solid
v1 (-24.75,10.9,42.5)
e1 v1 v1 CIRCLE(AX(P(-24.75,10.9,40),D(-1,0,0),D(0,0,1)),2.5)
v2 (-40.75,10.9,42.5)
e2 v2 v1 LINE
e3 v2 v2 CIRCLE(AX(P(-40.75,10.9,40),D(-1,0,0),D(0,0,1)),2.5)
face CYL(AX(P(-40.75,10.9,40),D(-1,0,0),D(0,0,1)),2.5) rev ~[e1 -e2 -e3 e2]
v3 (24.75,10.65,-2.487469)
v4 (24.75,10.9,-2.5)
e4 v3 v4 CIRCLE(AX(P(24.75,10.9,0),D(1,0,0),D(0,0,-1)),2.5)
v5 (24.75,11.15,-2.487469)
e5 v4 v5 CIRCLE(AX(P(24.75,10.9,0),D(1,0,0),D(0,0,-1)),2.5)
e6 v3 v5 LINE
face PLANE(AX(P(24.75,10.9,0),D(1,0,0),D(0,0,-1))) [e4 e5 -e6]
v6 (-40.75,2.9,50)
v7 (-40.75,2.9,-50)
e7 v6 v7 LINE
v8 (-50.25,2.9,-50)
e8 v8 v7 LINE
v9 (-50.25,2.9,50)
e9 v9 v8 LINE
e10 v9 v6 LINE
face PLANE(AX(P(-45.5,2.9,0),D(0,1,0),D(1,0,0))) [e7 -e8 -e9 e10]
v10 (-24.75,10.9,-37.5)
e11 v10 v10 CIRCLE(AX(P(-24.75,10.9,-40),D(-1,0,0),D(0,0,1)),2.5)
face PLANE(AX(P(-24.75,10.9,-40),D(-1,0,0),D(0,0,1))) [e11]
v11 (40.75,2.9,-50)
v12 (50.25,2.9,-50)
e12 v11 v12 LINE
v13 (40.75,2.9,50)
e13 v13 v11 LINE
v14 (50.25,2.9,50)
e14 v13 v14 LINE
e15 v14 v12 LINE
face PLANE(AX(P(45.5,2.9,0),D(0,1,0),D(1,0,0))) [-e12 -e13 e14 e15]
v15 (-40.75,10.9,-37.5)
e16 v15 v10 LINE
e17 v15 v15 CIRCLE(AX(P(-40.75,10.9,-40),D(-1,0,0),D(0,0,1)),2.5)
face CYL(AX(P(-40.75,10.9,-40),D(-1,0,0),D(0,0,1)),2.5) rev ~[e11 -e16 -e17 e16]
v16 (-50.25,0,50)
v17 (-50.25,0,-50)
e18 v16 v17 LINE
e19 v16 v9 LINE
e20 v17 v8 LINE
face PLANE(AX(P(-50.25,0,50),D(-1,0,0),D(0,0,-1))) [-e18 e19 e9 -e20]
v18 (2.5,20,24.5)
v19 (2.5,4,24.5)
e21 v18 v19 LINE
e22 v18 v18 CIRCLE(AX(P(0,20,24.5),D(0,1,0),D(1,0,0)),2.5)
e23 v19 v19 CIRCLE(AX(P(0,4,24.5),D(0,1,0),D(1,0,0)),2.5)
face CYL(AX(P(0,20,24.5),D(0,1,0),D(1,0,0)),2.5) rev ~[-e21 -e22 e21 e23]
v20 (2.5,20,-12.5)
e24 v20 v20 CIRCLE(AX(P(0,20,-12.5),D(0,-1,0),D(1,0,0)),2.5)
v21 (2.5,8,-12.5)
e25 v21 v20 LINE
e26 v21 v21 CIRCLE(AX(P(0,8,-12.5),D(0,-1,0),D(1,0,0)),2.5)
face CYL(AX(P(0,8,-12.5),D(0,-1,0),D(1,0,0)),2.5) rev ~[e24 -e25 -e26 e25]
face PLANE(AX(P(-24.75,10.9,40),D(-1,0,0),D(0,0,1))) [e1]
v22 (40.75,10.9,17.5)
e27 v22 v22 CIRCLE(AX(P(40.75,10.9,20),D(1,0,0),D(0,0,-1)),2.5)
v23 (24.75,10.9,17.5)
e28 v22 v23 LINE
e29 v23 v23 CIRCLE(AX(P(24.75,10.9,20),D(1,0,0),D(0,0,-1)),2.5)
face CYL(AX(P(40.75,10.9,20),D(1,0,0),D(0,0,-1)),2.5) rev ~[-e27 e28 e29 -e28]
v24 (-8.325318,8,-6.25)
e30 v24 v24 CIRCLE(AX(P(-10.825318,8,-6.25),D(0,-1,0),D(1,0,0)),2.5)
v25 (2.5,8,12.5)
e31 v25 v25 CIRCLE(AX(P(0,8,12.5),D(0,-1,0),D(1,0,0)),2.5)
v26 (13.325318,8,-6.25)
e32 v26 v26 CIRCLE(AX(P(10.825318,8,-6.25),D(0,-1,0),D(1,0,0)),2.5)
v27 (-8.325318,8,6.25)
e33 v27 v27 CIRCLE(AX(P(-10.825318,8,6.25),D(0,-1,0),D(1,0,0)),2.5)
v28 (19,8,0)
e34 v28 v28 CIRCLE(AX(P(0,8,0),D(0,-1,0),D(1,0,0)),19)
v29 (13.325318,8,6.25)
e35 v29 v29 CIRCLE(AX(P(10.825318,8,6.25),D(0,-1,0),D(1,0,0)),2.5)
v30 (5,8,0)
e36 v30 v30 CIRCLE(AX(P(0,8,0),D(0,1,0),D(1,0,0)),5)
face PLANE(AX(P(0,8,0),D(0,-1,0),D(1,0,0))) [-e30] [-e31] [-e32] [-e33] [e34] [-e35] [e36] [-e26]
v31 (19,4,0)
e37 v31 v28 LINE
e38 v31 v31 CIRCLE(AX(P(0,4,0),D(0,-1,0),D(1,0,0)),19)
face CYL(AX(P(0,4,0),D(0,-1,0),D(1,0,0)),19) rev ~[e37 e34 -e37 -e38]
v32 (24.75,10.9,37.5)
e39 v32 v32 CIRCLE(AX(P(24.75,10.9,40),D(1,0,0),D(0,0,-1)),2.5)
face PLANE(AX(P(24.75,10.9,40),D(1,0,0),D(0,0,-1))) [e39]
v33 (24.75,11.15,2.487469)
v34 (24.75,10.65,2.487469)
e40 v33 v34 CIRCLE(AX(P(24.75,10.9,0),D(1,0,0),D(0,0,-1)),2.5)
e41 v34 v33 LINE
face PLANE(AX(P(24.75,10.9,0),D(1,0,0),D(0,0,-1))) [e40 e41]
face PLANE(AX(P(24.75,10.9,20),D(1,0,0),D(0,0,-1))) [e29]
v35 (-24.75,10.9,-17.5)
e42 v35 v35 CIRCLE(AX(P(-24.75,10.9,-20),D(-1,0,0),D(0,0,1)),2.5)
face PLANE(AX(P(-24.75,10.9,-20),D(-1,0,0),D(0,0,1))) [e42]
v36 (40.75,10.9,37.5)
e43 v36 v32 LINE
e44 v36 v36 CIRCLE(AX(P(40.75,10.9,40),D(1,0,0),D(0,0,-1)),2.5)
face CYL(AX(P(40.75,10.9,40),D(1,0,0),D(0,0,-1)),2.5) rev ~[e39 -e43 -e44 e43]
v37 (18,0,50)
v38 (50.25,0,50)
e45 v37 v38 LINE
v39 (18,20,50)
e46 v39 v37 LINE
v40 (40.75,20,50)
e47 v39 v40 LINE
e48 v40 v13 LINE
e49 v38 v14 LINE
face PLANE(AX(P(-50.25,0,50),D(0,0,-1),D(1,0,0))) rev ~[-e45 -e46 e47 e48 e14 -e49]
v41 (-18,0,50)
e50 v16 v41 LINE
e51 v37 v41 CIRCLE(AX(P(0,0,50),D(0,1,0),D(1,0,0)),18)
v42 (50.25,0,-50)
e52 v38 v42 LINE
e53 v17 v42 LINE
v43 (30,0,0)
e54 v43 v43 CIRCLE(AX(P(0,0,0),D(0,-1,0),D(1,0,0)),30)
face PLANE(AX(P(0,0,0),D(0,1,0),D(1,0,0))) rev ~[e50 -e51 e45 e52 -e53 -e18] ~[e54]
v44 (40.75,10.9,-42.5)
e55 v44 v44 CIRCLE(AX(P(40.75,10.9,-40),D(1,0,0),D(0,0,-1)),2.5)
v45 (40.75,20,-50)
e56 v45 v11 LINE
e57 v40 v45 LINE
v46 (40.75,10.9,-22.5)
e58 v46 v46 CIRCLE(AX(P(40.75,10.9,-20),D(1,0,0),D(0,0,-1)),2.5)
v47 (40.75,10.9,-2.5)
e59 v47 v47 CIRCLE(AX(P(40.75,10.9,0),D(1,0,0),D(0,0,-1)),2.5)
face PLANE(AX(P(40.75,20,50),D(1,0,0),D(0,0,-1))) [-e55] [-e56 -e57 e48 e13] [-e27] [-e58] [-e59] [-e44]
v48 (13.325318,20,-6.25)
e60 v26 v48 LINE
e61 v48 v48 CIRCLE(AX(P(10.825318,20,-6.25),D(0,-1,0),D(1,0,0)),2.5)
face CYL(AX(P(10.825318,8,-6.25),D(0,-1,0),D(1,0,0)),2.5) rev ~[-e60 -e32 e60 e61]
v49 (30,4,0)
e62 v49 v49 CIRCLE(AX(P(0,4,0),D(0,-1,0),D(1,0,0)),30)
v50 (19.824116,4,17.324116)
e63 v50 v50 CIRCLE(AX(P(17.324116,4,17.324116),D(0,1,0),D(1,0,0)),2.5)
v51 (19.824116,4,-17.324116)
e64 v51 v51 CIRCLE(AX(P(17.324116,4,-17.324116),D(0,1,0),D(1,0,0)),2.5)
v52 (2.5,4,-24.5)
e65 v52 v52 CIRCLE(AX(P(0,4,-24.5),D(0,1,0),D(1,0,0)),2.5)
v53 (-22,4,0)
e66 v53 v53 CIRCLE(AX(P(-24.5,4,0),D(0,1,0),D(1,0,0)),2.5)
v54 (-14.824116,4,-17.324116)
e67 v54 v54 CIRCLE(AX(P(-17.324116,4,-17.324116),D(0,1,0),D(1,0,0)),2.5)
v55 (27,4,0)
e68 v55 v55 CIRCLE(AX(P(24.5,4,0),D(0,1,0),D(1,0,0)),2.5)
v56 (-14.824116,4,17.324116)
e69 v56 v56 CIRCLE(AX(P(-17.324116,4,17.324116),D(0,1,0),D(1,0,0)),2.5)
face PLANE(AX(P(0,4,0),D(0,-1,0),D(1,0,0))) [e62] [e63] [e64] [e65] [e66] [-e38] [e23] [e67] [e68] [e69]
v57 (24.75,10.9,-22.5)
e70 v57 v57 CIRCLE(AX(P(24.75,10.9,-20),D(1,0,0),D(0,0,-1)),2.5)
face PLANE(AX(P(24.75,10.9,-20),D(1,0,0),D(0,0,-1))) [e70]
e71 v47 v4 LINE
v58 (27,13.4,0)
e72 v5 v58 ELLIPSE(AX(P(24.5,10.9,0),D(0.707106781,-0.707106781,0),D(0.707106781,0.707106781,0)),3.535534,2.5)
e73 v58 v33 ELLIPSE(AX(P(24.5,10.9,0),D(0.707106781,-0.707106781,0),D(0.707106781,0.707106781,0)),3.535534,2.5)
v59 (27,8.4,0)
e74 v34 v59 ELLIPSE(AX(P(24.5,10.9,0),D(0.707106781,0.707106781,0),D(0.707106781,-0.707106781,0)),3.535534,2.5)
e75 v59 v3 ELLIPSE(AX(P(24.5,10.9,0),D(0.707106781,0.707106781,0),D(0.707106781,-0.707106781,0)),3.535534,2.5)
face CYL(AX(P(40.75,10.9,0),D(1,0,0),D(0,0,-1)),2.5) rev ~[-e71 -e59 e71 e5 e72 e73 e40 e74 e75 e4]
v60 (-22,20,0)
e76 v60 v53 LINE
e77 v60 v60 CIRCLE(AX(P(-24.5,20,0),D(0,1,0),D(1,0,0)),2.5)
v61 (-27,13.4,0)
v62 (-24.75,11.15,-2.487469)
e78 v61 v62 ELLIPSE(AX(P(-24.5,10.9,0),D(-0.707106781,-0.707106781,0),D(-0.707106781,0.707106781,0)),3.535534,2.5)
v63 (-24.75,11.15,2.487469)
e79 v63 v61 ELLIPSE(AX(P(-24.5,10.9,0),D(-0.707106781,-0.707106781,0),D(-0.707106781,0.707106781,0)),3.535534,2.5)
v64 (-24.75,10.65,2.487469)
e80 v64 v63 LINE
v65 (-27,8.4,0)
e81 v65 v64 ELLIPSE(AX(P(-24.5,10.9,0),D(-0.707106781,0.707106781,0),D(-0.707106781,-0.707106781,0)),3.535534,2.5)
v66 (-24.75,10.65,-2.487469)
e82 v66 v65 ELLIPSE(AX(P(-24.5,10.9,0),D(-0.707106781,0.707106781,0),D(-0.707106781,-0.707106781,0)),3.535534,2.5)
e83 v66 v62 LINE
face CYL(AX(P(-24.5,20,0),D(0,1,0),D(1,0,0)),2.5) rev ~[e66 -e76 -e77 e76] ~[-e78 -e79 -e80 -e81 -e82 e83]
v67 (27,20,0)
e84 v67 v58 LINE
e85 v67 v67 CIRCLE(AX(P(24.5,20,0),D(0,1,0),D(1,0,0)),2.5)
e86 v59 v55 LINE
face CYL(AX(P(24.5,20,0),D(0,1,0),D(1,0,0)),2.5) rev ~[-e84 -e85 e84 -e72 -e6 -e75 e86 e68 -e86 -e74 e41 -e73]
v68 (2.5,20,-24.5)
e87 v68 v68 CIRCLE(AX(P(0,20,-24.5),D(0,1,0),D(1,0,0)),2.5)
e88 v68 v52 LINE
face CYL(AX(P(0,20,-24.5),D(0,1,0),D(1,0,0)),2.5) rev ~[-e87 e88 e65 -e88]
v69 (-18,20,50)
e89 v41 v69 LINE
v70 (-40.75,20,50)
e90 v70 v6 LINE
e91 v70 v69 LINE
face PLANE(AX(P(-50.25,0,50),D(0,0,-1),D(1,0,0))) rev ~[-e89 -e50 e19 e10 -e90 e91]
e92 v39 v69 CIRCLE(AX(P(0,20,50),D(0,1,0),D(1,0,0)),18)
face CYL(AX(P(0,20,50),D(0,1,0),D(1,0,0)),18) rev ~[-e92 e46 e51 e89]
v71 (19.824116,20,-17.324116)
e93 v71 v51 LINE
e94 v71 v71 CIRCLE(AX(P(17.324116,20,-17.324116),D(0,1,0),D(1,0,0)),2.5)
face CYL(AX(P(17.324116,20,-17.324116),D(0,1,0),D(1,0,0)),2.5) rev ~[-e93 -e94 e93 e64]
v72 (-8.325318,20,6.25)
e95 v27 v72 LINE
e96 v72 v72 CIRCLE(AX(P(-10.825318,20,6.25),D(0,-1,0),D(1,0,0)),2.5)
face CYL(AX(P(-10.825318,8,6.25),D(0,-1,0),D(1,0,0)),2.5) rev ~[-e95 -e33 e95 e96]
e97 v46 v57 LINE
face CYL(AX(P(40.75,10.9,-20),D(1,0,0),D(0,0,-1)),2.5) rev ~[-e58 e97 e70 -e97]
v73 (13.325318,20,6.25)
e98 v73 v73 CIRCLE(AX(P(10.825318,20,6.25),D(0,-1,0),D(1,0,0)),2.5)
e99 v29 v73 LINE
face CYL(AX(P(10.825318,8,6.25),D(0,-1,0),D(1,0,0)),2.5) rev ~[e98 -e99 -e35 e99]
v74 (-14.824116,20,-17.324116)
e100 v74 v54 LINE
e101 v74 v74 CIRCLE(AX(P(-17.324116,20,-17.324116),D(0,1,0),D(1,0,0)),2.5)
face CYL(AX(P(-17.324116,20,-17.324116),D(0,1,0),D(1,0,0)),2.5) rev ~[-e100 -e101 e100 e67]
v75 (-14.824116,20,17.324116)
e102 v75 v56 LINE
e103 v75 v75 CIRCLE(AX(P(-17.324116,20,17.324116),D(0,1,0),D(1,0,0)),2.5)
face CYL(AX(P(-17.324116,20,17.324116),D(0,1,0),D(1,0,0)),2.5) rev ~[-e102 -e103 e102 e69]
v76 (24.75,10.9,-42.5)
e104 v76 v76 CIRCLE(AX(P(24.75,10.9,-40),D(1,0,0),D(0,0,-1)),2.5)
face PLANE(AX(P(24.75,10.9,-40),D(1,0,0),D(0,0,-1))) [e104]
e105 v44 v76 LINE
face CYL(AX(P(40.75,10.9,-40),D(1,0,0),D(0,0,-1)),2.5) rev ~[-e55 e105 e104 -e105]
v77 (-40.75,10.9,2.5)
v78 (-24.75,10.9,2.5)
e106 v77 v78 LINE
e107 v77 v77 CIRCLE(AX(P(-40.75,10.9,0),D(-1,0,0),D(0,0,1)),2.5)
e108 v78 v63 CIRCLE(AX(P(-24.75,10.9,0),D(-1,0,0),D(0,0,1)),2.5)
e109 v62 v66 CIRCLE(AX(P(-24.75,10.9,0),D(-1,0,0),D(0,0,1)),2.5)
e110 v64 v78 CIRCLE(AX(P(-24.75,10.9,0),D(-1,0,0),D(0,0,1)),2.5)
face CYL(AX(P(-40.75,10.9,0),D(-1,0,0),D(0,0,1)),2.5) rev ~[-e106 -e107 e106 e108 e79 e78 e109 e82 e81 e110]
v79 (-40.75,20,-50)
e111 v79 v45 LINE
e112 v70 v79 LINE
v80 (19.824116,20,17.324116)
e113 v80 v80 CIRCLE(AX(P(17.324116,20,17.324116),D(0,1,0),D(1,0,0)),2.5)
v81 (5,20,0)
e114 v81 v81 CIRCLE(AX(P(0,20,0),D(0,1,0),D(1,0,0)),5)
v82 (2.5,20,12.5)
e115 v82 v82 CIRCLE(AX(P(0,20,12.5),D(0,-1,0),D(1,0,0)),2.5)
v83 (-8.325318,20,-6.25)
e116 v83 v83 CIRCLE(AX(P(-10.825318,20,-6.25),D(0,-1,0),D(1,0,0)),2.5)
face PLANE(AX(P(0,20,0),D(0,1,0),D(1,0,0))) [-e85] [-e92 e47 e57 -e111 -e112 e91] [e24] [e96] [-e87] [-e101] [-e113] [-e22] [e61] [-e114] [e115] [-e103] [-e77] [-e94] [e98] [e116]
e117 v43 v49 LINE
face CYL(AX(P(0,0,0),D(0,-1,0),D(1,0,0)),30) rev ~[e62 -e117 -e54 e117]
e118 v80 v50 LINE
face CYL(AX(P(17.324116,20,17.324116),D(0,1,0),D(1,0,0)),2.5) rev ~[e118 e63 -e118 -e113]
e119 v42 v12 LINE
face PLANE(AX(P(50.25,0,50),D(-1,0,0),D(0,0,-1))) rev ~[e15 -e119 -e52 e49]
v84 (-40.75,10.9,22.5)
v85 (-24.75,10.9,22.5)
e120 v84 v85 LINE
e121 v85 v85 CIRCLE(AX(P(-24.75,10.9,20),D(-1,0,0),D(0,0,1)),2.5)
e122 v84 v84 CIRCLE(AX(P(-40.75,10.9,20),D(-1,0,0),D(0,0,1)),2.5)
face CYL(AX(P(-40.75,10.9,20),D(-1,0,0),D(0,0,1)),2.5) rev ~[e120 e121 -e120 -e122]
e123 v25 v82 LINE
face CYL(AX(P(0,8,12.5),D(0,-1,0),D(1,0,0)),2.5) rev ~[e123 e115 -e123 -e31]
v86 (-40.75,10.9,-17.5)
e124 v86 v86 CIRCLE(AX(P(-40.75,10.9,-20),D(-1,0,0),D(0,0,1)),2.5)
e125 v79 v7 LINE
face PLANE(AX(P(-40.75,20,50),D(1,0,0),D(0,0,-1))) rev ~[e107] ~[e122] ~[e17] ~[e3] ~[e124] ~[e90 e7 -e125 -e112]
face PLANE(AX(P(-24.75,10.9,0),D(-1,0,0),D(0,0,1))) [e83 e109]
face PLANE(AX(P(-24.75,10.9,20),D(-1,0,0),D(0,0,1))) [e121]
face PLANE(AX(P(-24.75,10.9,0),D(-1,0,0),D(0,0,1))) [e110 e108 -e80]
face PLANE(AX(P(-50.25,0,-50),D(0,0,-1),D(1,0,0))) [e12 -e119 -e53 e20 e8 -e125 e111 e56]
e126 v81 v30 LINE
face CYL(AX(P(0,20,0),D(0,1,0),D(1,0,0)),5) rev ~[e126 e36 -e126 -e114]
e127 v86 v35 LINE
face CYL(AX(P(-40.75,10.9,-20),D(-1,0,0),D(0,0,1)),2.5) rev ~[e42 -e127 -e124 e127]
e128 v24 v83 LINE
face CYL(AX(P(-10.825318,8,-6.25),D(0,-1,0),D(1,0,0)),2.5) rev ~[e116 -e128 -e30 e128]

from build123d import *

# Parameters (mm, degrees)
ESQUISSE1_W             = 100.5
ESQUISSE1_H             = 100
BOSS_EXTRU_1_DEPTH      = 20
ESQUISSE2_W             = 9.5
ESQUISSE2_H             = 100
ENL_V_MAT_EXTRU_1_DEPTH = 17.1
ESQUISSE3_R             = 2.5
ENL_V_MAT_EXTRU_2_DEPTH = 16
ESQUISSE4_R             = 2.5
ENL_V_MAT_EXTRU_3_DEPTH = 16
ESQUISSE5_R             = 2.5
ENL_V_MAT_EXTRU_4_DEPTH = 21
ESQUISSE6_R             = 5
ENL_V_MAT_EXTRU_5_DEPTH = 21
ESQUISSE7_R             = 30
ENL_V_MAT_EXTRU_6_DEPTH = 4
ESQUISSE8_R             = 19
ENL_V_MAT_EXTRU_7_DEPTH = 4
ESQUISSE9_R             = 2.5
ENL_V_MAT_EXTRU_8_DEPTH = 13
ESQUISSE11_R            = 18
ENL_V_MAT_EXTRU_9_DEPTH = 21


with BuildPart() as part:
    # Esquisse1 → Boss.-Extru.1 (new body)
    with BuildSketch(Plane(origin=(0, 0, 0), x_dir=(1, 0, 0), z_dir=(0, 1, 0))):
        Rectangle(ESQUISSE1_W, ESQUISSE1_H)
    extrude(amount=BOSS_EXTRU_1_DEPTH)

    # Esquisse2 → Enlèv. mat.-Extru.1 (cut)
    with BuildSketch(Plane(origin=(0, 20, 0), x_dir=(1, 0, 0), z_dir=(0, 1, 0))):
        with Locations((45.5, 0)):
            Rectangle(ESQUISSE2_W, ESQUISSE2_H)
        with Locations((-45.5, 0)):
            Rectangle(ESQUISSE2_W, ESQUISSE2_H)
    extrude(amount=-ENL_V_MAT_EXTRU_1_DEPTH, mode=Mode.SUBTRACT)

    # Esquisse3 → Enlèv. mat.-Extru.2 (cut)
    with BuildSketch(Plane.ZY.offset(40.75)):
        with Locations((-40, 10.9)):
            Circle(ESQUISSE3_R)
        with Locations((-20, 10.9)):
            Circle(ESQUISSE3_R)
        with Locations((0, 10.9)):
            Circle(ESQUISSE3_R)
        with Locations((20, 10.9)):
            Circle(ESQUISSE3_R)
        with Locations((40, 10.9)):
            Circle(ESQUISSE3_R)
    extrude(amount=-ENL_V_MAT_EXTRU_2_DEPTH, mode=Mode.SUBTRACT)

    # Esquisse4 → Enlèv. mat.-Extru.3 (cut)
    with BuildSketch(Plane(origin=(40.75, 0, 0), x_dir=(0, 0, -1), z_dir=(1, 0, 0))):
        with Locations((-20, 10.9)):
            Circle(ESQUISSE4_R)
        with Locations((0, 10.9)):
            Circle(ESQUISSE4_R)
        with Locations((20, 10.9)):
            Circle(ESQUISSE4_R)
        with Locations((40, 10.9)):
            Circle(ESQUISSE4_R)
        with Locations((-40, 10.9)):
            Circle(ESQUISSE4_R)
    extrude(amount=-ENL_V_MAT_EXTRU_3_DEPTH, mode=Mode.SUBTRACT)

    # Esquisse5 → Enlèv. mat.-Extru.4 (cut, through all)
    with BuildSketch(Plane(origin=(0, 20, 0), x_dir=(1, 0, 0), z_dir=(0, 1, 0))):
        with Locations((0, -24.5)):
            Circle(ESQUISSE5_R)
        with Locations((-17.324116139, -17.324116139)):
            Circle(ESQUISSE5_R)
        with Locations((-24.5, 0)):
            Circle(ESQUISSE5_R)
        with Locations((-17.324116139, 17.324116139)):
            Circle(ESQUISSE5_R)
        with Locations((0, 24.5)):
            Circle(ESQUISSE5_R)
        with Locations((17.324116139, 17.324116139)):
            Circle(ESQUISSE5_R)
        with Locations((24.5, 0)):
            Circle(ESQUISSE5_R)
        with Locations((17.324116139, -17.324116139)):
            Circle(ESQUISSE5_R)
    extrude(amount=-ENL_V_MAT_EXTRU_4_DEPTH, mode=Mode.SUBTRACT)

    # Esquisse6 → Enlèv. mat.-Extru.5 (cut, through all)
    with BuildSketch(Plane(origin=(0, 20, 0), x_dir=(1, 0, 0), z_dir=(0, 1, 0))):
        Circle(ESQUISSE6_R)
    extrude(amount=-ENL_V_MAT_EXTRU_5_DEPTH, mode=Mode.SUBTRACT)

    # Esquisse7 → Enlèv. mat.-Extru.6 (cut)
    with BuildSketch(Plane.XZ):
        Circle(ESQUISSE7_R)
    extrude(amount=-ENL_V_MAT_EXTRU_6_DEPTH, mode=Mode.SUBTRACT)

    # Esquisse8 → Enlèv. mat.-Extru.7 (cut)
    with BuildSketch(Plane.XZ.offset(-4)):
        Circle(ESQUISSE8_R)
    extrude(amount=-ENL_V_MAT_EXTRU_7_DEPTH, mode=Mode.SUBTRACT)

    # Esquisse9 → Enlèv. mat.-Extru.8 (cut, through all)
    with BuildSketch(Plane.XZ.offset(-8)):
        with Locations((0, -12.5)):
            Circle(ESQUISSE9_R)
        with Locations((-10.825317547, -6.25)):
            Circle(ESQUISSE9_R)
        with Locations((-10.825317547, 6.25)):
            Circle(ESQUISSE9_R)
        with Locations((0, 12.5)):
            Circle(ESQUISSE9_R)
        with Locations((10.825317547, 6.25)):
            Circle(ESQUISSE9_R)
        with Locations((10.825317547, -6.25)):
            Circle(ESQUISSE9_R)
    extrude(amount=-ENL_V_MAT_EXTRU_8_DEPTH, mode=Mode.SUBTRACT)

    # Esquisse11 → Enlèv. mat.-Extru.9 (cut, through all)
    with BuildSketch(Plane(origin=(0, 20, 0), x_dir=(1, 0, 0), z_dir=(0, 1, 0))):
        with Locations((0, -50)):
            Circle(ESQUISSE11_R)
    extrude(amount=-ENL_V_MAT_EXTRU_9_DEPTH, mode=Mode.SUBTRACT)


solid = part.part
